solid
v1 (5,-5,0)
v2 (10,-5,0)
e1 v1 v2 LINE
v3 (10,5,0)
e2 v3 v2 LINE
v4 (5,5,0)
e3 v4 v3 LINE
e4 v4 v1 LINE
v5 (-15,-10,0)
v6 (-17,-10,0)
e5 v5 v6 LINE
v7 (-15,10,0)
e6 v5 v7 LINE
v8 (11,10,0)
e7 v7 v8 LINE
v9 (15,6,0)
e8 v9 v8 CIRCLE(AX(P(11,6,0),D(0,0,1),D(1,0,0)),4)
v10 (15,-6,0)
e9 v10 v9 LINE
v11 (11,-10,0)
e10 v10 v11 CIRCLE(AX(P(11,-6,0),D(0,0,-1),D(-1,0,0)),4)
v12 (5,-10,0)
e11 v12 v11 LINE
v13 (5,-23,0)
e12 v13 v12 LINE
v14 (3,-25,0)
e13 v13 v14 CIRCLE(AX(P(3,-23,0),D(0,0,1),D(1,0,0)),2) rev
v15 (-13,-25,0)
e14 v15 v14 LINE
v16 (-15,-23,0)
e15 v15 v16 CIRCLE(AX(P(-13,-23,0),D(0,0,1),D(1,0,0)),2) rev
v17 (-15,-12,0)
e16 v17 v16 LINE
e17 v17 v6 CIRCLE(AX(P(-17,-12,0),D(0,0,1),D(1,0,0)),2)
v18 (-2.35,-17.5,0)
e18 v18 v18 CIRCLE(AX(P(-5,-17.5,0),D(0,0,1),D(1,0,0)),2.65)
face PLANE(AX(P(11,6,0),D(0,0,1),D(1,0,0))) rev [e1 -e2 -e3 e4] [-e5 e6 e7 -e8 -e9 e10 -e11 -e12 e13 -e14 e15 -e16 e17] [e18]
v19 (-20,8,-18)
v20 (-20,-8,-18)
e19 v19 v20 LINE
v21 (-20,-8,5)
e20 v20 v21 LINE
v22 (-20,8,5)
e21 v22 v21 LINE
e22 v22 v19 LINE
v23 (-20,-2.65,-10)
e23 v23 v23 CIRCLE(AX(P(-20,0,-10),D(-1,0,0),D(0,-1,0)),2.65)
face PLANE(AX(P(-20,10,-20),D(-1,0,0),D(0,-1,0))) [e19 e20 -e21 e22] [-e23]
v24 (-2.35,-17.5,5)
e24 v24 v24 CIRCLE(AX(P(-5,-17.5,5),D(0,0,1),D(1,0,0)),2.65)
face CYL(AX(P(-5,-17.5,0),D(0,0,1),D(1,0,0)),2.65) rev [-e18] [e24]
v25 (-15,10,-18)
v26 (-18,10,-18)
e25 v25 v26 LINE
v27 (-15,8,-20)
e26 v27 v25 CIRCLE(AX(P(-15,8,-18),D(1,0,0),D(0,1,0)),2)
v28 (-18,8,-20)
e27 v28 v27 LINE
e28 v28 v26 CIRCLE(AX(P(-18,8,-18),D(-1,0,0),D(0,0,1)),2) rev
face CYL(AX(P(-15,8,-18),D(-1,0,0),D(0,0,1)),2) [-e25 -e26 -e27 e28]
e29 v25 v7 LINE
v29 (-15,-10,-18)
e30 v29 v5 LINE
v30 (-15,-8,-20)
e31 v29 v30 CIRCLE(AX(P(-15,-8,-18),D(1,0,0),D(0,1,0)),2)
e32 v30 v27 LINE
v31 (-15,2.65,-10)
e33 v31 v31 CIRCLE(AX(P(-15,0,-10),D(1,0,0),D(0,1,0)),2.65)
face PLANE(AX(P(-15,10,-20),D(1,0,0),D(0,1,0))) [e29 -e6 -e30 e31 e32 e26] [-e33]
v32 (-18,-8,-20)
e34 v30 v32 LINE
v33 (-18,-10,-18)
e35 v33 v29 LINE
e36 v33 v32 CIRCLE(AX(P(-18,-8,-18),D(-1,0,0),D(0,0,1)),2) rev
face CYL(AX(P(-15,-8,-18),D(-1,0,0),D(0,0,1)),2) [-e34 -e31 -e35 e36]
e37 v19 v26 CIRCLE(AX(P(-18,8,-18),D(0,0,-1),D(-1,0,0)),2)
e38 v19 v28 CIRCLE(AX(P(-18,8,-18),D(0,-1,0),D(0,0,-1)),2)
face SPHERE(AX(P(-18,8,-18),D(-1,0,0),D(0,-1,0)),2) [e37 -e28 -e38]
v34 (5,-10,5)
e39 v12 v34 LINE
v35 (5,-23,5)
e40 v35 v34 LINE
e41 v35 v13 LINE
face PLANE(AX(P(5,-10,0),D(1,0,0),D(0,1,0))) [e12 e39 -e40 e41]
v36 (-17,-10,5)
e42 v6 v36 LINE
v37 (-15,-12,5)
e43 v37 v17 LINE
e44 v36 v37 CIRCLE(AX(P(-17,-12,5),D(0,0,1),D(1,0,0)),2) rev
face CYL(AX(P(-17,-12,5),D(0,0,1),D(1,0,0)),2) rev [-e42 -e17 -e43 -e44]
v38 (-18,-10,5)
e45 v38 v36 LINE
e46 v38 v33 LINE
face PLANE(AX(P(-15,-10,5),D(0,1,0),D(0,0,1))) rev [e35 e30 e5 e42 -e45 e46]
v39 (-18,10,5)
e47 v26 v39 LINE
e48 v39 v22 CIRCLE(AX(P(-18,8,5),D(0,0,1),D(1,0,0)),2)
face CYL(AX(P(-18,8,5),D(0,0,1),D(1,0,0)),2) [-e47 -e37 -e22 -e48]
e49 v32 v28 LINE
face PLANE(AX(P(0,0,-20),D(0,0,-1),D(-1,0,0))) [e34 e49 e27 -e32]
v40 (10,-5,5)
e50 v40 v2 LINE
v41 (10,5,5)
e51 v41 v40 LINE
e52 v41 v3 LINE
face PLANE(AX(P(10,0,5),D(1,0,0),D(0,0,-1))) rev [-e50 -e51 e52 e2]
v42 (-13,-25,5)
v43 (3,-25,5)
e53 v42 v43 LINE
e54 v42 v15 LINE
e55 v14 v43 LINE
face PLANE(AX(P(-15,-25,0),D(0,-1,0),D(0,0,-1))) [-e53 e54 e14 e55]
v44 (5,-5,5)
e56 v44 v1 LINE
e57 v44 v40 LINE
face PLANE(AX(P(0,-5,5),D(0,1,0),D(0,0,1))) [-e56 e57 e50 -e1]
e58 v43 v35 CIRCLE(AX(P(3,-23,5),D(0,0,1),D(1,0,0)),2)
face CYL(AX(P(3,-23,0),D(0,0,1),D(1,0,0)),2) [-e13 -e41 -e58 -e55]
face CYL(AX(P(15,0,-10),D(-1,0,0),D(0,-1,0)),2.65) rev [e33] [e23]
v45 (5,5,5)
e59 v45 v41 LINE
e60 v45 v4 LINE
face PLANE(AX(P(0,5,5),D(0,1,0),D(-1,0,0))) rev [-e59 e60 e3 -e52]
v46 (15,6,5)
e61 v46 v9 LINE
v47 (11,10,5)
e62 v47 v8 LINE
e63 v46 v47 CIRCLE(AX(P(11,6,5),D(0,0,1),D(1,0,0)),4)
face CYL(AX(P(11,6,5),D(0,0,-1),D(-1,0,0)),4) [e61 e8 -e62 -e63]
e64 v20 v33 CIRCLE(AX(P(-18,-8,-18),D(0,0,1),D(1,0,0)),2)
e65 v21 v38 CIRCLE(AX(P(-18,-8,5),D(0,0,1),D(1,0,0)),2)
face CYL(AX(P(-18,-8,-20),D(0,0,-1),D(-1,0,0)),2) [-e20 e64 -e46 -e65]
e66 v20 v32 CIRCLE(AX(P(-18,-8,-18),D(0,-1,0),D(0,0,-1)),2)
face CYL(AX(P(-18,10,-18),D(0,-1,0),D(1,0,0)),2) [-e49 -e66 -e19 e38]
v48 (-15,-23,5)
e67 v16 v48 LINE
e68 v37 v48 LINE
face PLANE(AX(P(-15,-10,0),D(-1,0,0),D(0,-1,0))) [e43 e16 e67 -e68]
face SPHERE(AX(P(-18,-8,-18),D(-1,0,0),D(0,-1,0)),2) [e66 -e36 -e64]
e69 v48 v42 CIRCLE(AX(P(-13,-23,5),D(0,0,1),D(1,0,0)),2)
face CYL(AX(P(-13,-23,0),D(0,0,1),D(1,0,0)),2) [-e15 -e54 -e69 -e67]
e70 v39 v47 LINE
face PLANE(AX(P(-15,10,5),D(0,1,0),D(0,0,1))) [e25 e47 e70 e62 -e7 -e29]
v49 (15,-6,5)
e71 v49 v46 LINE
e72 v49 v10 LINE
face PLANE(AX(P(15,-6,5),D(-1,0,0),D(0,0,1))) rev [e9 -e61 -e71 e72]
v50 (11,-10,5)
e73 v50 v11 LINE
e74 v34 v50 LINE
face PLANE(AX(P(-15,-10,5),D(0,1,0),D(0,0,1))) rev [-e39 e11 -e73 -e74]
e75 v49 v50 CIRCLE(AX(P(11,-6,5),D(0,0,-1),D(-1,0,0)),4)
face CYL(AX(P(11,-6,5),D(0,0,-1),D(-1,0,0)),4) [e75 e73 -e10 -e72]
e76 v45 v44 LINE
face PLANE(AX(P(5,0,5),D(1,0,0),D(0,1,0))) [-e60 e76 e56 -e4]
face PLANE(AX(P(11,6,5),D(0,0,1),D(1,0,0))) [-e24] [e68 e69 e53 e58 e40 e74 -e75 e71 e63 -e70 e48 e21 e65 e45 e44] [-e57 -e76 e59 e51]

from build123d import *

# Parameters (mm, degrees)
CROQUIS1_W              = 5
CROQUIS1_H              = 10
SALIENTE_EXTRUIR1_DEPTH = 5
CROQUIS2_W              = 5
CROQUIS2_H              = 20
SALIENTE_EXTRUIR3_DEPTH = 25
CROQUIS3_R              = 2.65
CORTAR_EXTRUIR1_DEPTH   = 42.533119315
CROQUIS4_W              = 20
CROQUIS4_H              = 15
CROQUIS4_R              = 2.65
SALIENTE_EXTRUIR4_DEPTH = 5
REDONDEO1_R             = 2
REDONDEO2_R             = 2
REDONDEO3_R             = 2
REDONDEO4_R             = 2


with BuildPart() as part:
    # Croquis1 → Saliente-Extruir1 (new body)
    with BuildSketch(Plane.XY):
        with BuildLine():
            Line((-15, 10), (-15, -10))
            Line((-15, -10), (11, -10))
            ThreePointArc((11, -10), (13.828427125, -8.828427125), (15, -6))
            Line((15, -6), (15, 6))
            ThreePointArc((15, 6), (13.828427125, 8.828427125), (11, 10))
            Line((11, 10), (-15, 10))
        make_face()
        with Locations((7.5, 0)):
            Rectangle(CROQUIS1_W, CROQUIS1_H, mode=Mode.SUBTRACT)
    extrude(amount=SALIENTE_EXTRUIR1_DEPTH)

    # Croquis2 → Saliente-Extruir3 (add)
    with BuildSketch(Plane.XY.offset(5)):
        with Locations((-17.5, 0)):
            Rectangle(CROQUIS2_W, CROQUIS2_H)
    extrude(amount=-SALIENTE_EXTRUIR3_DEPTH)

    # Croquis3 → Cortar-Extruir1 (cut, through all)
    with BuildSketch(Plane.ZY.offset(20)):
        with Locations((-10, 0)):
            Circle(CROQUIS3_R)
    extrude(amount=-CORTAR_EXTRUIR1_DEPTH, mode=Mode.SUBTRACT)

    # Croquis4 → Saliente-Extruir4 (add)
    with BuildSketch(Plane.XY.offset(5)):
        with Locations((-5, -17.5)):
            Rectangle(CROQUIS4_W, CROQUIS4_H)
        with Locations((-5, -17.5)):
            Circle(CROQUIS4_R, mode=Mode.SUBTRACT)
    extrude(amount=-SALIENTE_EXTRUIR4_DEPTH)

    # Redondeo1
    redondeo1_edges = [part.edges().sort_by_distance(p)[0] for p in [
        (-15, -10, 2.5),
    ]]
    fillet(redondeo1_edges, radius=REDONDEO1_R)

    # Redondeo2
    redondeo2_edges = [part.edges().sort_by_distance(p)[0] for p in [
        (5, -25, 2.5),
        (-15, -25, 2.5),
    ]]
    fillet(redondeo2_edges, radius=REDONDEO2_R)

    # Redondeo3
    redondeo3_edges = [part.edges().sort_by_distance(p)[0] for p in [
        (-17.5, 10, -20),
        (-17.5, -10, -20),
    ]]
    fillet(redondeo3_edges, radius=REDONDEO3_R)

    # Redondeo4
    redondeo4_edges = [part.edges().sort_by_distance(p)[0] for p in [
        (-20, -10, -6.5),
        (-20, -9.414213562, -19.414213562),
        (-20, 0, -20),
        (-20, 9.414213562, -19.414213562),
        (-20, 10, -6.5),
    ]]
    fillet(redondeo4_edges, radius=REDONDEO4_R)


solid = part.part
